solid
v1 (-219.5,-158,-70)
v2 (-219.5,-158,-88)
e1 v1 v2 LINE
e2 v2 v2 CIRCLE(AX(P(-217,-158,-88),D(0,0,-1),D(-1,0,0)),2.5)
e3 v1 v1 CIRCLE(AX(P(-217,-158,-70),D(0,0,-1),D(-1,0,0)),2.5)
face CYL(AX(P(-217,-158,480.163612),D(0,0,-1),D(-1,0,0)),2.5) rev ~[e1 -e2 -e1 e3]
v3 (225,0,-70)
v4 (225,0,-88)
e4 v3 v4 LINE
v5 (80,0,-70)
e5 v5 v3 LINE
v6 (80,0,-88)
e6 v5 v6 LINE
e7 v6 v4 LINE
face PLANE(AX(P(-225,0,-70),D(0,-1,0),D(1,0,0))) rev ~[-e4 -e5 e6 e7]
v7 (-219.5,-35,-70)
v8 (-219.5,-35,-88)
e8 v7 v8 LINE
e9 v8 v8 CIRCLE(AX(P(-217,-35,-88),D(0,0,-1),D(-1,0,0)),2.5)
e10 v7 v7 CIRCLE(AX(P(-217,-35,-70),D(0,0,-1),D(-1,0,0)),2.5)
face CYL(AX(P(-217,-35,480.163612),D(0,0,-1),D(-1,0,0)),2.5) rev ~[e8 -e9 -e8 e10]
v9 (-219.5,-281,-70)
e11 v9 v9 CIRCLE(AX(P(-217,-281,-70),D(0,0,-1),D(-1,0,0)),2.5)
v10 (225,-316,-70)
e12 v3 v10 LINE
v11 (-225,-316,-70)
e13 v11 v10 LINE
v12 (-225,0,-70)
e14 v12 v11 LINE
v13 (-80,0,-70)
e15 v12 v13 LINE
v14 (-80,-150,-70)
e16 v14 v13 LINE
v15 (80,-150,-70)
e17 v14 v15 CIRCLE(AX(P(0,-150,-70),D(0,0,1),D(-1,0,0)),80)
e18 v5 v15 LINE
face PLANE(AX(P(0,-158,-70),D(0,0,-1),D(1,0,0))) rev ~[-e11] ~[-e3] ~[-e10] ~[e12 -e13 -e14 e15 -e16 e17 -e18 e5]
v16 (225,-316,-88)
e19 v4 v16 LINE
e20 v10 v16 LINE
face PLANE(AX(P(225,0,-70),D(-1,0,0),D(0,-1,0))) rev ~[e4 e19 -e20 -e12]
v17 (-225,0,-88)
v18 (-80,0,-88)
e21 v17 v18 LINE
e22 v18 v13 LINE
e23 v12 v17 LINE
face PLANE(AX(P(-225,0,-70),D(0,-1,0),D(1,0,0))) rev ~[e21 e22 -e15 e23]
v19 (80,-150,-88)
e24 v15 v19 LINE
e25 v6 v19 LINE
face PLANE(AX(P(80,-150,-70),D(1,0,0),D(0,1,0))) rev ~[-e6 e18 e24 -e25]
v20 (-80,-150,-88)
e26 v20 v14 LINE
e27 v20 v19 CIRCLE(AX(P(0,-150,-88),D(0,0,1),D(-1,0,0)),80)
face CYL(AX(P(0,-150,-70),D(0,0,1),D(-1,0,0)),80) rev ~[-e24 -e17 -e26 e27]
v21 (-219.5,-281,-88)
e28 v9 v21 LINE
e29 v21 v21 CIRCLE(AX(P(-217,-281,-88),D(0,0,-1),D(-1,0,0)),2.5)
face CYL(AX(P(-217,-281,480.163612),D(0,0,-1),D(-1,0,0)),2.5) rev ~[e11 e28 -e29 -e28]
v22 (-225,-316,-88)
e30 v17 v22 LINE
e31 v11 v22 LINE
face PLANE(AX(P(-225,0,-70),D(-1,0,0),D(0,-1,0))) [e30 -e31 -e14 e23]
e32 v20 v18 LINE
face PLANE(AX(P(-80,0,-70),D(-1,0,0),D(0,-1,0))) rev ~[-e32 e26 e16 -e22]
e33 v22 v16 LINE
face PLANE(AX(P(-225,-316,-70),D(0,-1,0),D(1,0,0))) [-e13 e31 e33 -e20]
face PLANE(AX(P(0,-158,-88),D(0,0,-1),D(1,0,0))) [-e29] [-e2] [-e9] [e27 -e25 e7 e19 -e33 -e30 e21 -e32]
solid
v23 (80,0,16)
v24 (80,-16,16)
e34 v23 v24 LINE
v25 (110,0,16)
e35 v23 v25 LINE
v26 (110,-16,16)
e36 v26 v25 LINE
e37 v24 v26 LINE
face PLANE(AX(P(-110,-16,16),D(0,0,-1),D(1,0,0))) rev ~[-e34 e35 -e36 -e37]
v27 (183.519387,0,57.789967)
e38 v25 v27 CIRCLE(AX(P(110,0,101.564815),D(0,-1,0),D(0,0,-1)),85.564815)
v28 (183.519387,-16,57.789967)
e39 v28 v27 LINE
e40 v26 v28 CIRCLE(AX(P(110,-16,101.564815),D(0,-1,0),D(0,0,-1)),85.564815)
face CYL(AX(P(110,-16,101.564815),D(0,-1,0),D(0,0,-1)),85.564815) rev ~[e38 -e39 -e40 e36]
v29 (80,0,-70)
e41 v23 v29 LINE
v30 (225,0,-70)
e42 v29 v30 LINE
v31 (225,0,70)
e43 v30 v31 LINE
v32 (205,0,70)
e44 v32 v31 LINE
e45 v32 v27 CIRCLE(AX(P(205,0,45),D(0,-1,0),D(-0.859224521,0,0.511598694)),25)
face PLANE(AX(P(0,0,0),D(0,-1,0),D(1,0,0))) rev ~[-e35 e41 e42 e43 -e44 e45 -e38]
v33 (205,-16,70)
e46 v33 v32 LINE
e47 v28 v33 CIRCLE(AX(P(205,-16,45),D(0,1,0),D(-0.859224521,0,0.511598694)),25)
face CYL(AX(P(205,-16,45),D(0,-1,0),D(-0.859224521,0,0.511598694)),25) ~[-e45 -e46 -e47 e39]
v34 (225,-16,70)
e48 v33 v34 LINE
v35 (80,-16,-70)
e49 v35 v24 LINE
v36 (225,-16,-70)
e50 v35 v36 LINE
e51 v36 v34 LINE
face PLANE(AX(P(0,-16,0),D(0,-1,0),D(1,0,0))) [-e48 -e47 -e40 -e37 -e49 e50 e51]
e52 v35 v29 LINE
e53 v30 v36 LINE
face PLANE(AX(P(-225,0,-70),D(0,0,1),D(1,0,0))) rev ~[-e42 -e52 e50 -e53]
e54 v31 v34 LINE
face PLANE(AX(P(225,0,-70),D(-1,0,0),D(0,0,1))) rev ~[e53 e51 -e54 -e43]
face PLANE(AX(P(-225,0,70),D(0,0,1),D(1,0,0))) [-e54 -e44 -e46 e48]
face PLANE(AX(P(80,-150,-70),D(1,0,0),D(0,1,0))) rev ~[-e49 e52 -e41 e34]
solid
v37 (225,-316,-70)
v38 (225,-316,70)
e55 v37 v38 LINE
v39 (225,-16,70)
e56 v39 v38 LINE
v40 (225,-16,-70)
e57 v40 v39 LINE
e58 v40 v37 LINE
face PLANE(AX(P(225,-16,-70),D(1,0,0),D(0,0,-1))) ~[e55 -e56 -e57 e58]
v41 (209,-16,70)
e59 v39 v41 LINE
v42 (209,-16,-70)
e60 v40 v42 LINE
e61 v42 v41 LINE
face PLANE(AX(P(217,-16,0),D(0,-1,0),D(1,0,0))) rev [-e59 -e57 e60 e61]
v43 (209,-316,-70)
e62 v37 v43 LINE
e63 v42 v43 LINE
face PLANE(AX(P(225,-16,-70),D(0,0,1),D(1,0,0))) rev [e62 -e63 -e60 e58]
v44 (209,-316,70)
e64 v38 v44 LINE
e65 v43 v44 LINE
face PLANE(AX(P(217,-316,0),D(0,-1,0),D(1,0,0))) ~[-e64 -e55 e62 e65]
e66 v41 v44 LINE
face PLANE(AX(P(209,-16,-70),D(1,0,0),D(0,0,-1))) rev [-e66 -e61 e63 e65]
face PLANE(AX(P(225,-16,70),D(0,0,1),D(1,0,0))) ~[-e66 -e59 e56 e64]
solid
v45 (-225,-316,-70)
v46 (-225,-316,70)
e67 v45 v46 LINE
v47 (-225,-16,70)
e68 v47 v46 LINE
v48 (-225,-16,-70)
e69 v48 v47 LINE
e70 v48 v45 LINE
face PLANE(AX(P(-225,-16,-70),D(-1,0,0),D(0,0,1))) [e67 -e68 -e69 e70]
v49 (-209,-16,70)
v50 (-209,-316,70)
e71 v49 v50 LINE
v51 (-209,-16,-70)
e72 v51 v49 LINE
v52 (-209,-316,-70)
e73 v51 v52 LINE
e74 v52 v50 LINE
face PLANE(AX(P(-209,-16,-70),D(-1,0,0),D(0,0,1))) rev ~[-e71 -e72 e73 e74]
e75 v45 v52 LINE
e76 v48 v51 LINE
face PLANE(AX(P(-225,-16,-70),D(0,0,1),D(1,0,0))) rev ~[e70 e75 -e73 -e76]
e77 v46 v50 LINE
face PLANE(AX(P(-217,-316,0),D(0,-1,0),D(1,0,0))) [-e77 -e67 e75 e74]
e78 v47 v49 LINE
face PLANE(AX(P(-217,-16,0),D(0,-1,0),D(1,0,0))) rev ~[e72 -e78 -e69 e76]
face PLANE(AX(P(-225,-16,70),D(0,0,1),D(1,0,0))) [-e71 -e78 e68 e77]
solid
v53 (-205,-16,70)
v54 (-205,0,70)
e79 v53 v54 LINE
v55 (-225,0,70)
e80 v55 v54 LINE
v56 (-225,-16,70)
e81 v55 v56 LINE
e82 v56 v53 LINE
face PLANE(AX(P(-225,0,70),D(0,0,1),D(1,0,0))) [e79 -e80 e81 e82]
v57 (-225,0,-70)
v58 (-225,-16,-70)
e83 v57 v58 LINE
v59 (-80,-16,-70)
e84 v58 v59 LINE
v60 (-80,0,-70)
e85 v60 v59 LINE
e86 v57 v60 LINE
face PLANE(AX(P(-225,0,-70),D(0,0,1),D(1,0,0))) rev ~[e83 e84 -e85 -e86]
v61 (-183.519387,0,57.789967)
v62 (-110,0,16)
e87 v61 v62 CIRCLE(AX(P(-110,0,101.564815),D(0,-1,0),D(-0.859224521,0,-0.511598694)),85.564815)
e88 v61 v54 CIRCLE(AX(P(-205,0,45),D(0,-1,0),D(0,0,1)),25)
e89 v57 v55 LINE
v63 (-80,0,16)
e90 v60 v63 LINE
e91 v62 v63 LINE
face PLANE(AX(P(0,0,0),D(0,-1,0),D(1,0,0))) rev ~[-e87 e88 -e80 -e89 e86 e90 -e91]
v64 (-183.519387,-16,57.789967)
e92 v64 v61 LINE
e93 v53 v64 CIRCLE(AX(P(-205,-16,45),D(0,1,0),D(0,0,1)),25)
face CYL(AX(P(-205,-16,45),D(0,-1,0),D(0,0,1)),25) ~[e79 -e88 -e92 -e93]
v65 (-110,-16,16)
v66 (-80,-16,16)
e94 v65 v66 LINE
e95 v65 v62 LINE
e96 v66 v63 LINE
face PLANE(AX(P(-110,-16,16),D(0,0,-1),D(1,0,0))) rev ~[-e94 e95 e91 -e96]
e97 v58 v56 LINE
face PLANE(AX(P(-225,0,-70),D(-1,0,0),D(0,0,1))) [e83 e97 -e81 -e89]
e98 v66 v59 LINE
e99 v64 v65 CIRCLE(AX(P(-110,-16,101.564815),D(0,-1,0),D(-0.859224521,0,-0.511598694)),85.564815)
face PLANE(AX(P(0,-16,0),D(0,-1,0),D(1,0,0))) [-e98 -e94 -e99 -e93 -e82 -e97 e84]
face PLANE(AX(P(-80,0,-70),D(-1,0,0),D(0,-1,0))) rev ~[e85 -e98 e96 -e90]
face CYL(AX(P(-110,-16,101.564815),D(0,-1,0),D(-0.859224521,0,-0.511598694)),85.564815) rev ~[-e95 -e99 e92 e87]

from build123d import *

# Parameters (mm, degrees)
F0_W      = 450
F0_H      = 140
F1_DEPTH  = 16
F3_DEPTH  = 16.001
F4_W      = 16
F4_H      = 140
F5_DEPTH  = 300
F7_W      = 450
F7_H      = 316
F8_DEPTH  = 18
F10_DEPTH = 250
F12_D     = 5


with BuildPart() as f1:
    # F0 (on Front) → F1 (new body)
    with BuildSketch(Plane.XZ):
        Rectangle(F0_W, F0_H)
    extrude(amount=F1_DEPTH)

    # F2 (on face) → F3 (cut, through all)
    with BuildSketch(Plane.XZ.offset(16)):
        with BuildLine():
            Line((205, 70), (-205, 70))
            ThreePointArc((-205, 70), (-192.6458343763, 66.7341802639), (-183.519386986, 57.7899673394))
            ThreePointArc((-183.519386986, 57.7899673394), (-152.2832757513, 27.1775704376), (-110, 16))
            Line((-110, 16), (0, 16))
            Line((0, 16), (110, 16))
            ThreePointArc((110, 16), (152.2832757513, 27.1775704376), (183.519386986, 57.7899673394))
            ThreePointArc((183.519386986, 57.7899673394), (192.6458343763, 66.7341802639), (205, 70))
        make_face()
    extrude(amount=-F3_DEPTH, mode=Mode.SUBTRACT)


with BuildPart() as f5:
    # F4 (on face) → F5 (new body)
    with BuildSketch(Plane.XZ.offset(16)):
        with Locations((-217, 0)):
            Rectangle(F4_W, F4_H)
    extrude(amount=F5_DEPTH)


with BuildPart() as f6_1:
    # F6: instance of F5
    add(f5.part.mirror(Plane.YZ))


with BuildPart() as f8:
    # F7 (on face) → F8 (new body)
    with BuildSketch(Plane(origin=(0, 0, -70), x_dir=(1, 0, 0), z_dir=(0, 0, -1))):
        with Locations((0, 158)):
            Rectangle(F7_W, F7_H)
    extrude(amount=F8_DEPTH)


with BuildPart() as f10_tool:
    # F9 (on face) → F10 (new body, symmetric)
    with BuildSketch(Plane.XY.offset(-70)):
        with BuildLine():
            Line((80, 0), (-80, 0))
            Line((-80, 0), (-80, -150))
            ThreePointArc((-80, -150), (0, -230), (80, -150))
            Line((80, -150), (80, 0))
        make_face()
    extrude(amount=F10_DEPTH, both=True)


with BuildPart() as f1_1:
    add(f1.part)

    # F10: cut by f10_tool
    add(f10_tool.part, mode=Mode.SUBTRACT)


with BuildPart() as f8_1:
    add(f8.part)

    # F10: cut by f10_tool
    add(f10_tool.part, mode=Mode.SUBTRACT)

    # F12 (through all)
    with Locations(Plane.XY.offset(-70)):
        with Locations((-217, -158), (-217, -281), (-217, -35)):
            Hole(F12_D / 2)


solid = Compound([f5.part, f6_1.part, f1_1.part, f8_1.part])
